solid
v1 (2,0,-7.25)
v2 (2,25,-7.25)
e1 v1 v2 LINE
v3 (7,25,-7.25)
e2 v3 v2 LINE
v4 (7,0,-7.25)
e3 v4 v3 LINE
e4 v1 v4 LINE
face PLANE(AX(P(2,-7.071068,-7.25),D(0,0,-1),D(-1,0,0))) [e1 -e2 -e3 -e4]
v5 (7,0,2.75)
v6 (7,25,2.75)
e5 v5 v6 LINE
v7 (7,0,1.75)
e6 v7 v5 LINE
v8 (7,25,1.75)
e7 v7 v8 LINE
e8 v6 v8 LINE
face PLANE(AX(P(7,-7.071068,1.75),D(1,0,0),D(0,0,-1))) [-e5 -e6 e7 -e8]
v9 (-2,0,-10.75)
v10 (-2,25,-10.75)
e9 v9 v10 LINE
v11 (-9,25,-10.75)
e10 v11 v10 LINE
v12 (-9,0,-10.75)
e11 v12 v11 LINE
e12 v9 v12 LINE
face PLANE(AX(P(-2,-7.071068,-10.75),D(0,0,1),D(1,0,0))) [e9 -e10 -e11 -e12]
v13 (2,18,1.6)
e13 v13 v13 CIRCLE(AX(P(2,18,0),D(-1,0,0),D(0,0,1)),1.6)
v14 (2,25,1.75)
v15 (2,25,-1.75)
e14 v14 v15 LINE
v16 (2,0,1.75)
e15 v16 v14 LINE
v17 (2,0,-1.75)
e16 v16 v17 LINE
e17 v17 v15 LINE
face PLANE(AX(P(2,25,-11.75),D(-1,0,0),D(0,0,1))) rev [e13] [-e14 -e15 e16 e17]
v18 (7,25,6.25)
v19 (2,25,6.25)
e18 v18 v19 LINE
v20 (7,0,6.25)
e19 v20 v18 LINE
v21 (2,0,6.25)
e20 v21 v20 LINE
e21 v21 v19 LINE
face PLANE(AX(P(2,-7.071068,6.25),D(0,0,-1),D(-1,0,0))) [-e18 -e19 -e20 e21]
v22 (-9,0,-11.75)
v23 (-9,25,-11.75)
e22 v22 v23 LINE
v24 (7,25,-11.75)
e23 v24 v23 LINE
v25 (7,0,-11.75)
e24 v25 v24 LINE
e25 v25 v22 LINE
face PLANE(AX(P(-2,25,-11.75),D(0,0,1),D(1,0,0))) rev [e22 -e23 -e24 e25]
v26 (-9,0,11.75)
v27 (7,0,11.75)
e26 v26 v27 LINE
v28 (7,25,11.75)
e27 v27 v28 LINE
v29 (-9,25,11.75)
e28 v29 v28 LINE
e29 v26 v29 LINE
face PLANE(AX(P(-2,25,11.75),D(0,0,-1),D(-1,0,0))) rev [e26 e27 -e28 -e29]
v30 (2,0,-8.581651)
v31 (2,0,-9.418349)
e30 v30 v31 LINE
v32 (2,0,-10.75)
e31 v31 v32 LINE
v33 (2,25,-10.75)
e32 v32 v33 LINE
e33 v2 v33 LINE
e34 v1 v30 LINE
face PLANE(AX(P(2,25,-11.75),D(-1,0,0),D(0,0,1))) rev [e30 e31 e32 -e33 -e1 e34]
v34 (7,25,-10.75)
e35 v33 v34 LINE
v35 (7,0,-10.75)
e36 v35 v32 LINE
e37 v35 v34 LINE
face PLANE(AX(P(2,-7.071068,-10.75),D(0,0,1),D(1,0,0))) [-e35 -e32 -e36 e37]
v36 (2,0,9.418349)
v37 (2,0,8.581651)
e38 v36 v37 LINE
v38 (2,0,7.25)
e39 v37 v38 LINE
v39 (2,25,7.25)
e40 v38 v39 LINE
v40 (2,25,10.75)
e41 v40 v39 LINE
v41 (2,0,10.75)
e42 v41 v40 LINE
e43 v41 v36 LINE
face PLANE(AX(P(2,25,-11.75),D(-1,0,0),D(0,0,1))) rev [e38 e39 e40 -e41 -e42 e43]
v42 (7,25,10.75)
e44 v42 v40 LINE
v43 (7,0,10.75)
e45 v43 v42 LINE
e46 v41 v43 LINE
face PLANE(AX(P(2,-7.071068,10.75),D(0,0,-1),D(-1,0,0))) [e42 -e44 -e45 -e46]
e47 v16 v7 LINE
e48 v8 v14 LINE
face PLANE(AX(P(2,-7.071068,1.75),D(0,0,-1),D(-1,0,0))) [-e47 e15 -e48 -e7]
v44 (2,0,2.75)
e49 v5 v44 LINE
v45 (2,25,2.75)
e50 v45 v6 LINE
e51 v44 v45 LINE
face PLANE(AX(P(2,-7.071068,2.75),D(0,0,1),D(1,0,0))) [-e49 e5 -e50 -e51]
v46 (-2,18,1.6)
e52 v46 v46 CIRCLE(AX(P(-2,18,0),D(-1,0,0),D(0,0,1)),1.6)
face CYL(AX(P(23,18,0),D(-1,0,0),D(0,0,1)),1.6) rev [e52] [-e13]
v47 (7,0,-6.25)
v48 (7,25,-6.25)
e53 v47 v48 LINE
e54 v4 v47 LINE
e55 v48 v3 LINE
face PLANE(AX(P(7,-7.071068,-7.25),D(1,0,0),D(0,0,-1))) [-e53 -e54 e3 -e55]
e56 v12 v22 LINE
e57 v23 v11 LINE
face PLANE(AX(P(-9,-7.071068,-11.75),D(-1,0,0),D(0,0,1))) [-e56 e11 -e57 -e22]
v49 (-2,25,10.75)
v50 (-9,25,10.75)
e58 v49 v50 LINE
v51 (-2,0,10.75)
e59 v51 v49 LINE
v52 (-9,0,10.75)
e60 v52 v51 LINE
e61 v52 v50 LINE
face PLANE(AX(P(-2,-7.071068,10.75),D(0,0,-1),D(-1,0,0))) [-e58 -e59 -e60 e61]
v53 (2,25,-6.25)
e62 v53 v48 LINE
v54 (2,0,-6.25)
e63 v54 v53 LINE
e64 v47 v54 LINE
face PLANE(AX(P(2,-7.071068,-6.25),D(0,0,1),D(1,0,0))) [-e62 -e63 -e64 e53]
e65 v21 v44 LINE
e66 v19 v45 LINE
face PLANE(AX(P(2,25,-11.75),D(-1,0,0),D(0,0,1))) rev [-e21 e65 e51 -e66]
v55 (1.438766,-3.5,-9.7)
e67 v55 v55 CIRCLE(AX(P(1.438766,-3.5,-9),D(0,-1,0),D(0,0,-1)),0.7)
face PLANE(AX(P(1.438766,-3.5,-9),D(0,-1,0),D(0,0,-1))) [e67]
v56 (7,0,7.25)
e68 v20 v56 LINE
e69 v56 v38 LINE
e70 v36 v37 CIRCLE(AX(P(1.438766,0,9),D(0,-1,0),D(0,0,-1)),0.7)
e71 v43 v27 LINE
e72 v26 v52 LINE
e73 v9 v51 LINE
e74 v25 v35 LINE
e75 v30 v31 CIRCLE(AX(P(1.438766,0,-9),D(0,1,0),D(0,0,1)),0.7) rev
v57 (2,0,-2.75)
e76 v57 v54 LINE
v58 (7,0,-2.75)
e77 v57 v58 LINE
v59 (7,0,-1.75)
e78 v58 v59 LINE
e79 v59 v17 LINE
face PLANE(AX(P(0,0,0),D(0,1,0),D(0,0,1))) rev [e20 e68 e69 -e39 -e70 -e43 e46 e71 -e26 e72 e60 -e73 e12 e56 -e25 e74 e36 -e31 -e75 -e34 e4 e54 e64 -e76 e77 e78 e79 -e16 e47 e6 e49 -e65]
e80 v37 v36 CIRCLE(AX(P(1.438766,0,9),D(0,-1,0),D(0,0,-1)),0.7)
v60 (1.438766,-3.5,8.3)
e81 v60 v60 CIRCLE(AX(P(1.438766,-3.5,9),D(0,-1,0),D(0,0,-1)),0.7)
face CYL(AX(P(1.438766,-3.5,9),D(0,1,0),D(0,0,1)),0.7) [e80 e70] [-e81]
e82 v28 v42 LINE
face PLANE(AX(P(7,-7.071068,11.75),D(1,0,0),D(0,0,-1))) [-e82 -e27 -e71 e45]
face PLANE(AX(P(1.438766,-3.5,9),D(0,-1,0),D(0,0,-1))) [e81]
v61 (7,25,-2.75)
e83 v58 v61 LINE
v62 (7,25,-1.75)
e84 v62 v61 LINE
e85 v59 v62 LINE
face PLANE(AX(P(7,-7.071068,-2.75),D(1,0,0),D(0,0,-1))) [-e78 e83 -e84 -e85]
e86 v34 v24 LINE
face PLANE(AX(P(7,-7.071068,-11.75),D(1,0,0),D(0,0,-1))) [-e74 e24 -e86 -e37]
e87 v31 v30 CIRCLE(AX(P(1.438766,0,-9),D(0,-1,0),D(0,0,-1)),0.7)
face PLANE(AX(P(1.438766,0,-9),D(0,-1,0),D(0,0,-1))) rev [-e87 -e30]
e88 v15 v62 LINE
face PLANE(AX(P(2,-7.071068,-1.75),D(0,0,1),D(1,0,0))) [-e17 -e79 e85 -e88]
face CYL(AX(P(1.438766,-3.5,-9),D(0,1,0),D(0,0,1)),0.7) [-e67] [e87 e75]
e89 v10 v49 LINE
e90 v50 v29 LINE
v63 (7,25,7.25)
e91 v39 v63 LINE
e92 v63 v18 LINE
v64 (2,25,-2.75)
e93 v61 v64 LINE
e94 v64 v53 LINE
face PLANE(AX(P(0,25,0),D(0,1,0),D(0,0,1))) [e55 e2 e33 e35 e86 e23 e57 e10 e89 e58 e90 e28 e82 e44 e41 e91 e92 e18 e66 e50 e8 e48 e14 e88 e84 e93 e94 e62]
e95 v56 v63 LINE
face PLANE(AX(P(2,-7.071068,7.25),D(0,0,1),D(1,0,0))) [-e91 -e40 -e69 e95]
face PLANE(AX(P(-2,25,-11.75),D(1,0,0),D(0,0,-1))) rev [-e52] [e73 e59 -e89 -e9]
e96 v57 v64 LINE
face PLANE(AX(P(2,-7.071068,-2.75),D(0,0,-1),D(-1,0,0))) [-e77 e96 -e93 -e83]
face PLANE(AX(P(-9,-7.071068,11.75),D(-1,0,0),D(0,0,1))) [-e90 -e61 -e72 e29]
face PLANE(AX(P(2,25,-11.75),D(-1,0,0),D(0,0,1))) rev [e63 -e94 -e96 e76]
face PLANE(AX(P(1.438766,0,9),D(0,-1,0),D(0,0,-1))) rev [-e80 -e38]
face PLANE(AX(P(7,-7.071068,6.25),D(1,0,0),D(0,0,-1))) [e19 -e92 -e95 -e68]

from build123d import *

# Parameters (mm, degrees)
SKETCH1_W           = 4
SKETCH1_H           = 23.5
BOSS_EXTRUDE1_DEPTH = 25
SKETCH2_W           = 5
SKETCH2_H           = 1
SKETCH2_W_2         = 7
BOSS_EXTRUDE2_DEPTH = 25
SKETCH3_R           = 1.6
CUT_EXTRUDE1_DEPTH  = 25
SKETCH4_R           = 0.7
BOSS_EXTRUDE3_DEPTH = 3.5


with BuildPart() as part:
    # Sketch1 → Boss-Extrude1 (new body)
    with BuildSketch(Plane(origin=(0, 0, 0), x_dir=(1, 0, 0), z_dir=(0, 1, 0))):
        Rectangle(SKETCH1_W, SKETCH1_H)
    extrude(amount=BOSS_EXTRUDE1_DEPTH)

    # Sketch2 → Boss-Extrude2 (add)
    with BuildSketch(Plane(origin=(0, 25, 0), x_dir=(1, 0, 0), z_dir=(0, 1, 0))):
        with Locations((4.5, -11.25)):
            Rectangle(SKETCH2_W, SKETCH2_H)
        with Locations((-5.5, -11.25)):
            Rectangle(SKETCH2_W_2, SKETCH2_H)
        with Locations((-5.5, 11.25)):
            Rectangle(SKETCH2_W_2, SKETCH2_H)
        with Locations((4.5, 11.25)):
            Rectangle(SKETCH2_W, SKETCH2_H)
        with Locations((4.5, 6.75)):
            Rectangle(SKETCH2_W, SKETCH2_H)
        with Locations((4.5, 2.25)):
            Rectangle(SKETCH2_W, SKETCH2_H)
        with Locations((4.5, -2.25)):
            Rectangle(SKETCH2_W, SKETCH2_H)
        with Locations((4.5, -6.75)):
            Rectangle(SKETCH2_W, SKETCH2_H)
    extrude(amount=-BOSS_EXTRUDE2_DEPTH)

    # Sketch3 → Cut-Extrude1 (cut)
    with BuildSketch(Plane.ZY.offset(2)):
        with Locations((0, 18)):
            Circle(SKETCH3_R)
    extrude(amount=-CUT_EXTRUDE1_DEPTH, mode=Mode.SUBTRACT)

    # Sketch4 → Boss-Extrude3 (add)
    with BuildSketch(Plane.XZ):
        with Locations(Location((1.43876577, 9, 0), (0, 0, 36.701194363))):
            Circle(SKETCH4_R)
        with Locations(Location((1.43876577, -9, 0), (0, 0, 36.701194363))):
            Circle(SKETCH4_R)
    extrude(amount=BOSS_EXTRUDE3_DEPTH)


solid = part.part
